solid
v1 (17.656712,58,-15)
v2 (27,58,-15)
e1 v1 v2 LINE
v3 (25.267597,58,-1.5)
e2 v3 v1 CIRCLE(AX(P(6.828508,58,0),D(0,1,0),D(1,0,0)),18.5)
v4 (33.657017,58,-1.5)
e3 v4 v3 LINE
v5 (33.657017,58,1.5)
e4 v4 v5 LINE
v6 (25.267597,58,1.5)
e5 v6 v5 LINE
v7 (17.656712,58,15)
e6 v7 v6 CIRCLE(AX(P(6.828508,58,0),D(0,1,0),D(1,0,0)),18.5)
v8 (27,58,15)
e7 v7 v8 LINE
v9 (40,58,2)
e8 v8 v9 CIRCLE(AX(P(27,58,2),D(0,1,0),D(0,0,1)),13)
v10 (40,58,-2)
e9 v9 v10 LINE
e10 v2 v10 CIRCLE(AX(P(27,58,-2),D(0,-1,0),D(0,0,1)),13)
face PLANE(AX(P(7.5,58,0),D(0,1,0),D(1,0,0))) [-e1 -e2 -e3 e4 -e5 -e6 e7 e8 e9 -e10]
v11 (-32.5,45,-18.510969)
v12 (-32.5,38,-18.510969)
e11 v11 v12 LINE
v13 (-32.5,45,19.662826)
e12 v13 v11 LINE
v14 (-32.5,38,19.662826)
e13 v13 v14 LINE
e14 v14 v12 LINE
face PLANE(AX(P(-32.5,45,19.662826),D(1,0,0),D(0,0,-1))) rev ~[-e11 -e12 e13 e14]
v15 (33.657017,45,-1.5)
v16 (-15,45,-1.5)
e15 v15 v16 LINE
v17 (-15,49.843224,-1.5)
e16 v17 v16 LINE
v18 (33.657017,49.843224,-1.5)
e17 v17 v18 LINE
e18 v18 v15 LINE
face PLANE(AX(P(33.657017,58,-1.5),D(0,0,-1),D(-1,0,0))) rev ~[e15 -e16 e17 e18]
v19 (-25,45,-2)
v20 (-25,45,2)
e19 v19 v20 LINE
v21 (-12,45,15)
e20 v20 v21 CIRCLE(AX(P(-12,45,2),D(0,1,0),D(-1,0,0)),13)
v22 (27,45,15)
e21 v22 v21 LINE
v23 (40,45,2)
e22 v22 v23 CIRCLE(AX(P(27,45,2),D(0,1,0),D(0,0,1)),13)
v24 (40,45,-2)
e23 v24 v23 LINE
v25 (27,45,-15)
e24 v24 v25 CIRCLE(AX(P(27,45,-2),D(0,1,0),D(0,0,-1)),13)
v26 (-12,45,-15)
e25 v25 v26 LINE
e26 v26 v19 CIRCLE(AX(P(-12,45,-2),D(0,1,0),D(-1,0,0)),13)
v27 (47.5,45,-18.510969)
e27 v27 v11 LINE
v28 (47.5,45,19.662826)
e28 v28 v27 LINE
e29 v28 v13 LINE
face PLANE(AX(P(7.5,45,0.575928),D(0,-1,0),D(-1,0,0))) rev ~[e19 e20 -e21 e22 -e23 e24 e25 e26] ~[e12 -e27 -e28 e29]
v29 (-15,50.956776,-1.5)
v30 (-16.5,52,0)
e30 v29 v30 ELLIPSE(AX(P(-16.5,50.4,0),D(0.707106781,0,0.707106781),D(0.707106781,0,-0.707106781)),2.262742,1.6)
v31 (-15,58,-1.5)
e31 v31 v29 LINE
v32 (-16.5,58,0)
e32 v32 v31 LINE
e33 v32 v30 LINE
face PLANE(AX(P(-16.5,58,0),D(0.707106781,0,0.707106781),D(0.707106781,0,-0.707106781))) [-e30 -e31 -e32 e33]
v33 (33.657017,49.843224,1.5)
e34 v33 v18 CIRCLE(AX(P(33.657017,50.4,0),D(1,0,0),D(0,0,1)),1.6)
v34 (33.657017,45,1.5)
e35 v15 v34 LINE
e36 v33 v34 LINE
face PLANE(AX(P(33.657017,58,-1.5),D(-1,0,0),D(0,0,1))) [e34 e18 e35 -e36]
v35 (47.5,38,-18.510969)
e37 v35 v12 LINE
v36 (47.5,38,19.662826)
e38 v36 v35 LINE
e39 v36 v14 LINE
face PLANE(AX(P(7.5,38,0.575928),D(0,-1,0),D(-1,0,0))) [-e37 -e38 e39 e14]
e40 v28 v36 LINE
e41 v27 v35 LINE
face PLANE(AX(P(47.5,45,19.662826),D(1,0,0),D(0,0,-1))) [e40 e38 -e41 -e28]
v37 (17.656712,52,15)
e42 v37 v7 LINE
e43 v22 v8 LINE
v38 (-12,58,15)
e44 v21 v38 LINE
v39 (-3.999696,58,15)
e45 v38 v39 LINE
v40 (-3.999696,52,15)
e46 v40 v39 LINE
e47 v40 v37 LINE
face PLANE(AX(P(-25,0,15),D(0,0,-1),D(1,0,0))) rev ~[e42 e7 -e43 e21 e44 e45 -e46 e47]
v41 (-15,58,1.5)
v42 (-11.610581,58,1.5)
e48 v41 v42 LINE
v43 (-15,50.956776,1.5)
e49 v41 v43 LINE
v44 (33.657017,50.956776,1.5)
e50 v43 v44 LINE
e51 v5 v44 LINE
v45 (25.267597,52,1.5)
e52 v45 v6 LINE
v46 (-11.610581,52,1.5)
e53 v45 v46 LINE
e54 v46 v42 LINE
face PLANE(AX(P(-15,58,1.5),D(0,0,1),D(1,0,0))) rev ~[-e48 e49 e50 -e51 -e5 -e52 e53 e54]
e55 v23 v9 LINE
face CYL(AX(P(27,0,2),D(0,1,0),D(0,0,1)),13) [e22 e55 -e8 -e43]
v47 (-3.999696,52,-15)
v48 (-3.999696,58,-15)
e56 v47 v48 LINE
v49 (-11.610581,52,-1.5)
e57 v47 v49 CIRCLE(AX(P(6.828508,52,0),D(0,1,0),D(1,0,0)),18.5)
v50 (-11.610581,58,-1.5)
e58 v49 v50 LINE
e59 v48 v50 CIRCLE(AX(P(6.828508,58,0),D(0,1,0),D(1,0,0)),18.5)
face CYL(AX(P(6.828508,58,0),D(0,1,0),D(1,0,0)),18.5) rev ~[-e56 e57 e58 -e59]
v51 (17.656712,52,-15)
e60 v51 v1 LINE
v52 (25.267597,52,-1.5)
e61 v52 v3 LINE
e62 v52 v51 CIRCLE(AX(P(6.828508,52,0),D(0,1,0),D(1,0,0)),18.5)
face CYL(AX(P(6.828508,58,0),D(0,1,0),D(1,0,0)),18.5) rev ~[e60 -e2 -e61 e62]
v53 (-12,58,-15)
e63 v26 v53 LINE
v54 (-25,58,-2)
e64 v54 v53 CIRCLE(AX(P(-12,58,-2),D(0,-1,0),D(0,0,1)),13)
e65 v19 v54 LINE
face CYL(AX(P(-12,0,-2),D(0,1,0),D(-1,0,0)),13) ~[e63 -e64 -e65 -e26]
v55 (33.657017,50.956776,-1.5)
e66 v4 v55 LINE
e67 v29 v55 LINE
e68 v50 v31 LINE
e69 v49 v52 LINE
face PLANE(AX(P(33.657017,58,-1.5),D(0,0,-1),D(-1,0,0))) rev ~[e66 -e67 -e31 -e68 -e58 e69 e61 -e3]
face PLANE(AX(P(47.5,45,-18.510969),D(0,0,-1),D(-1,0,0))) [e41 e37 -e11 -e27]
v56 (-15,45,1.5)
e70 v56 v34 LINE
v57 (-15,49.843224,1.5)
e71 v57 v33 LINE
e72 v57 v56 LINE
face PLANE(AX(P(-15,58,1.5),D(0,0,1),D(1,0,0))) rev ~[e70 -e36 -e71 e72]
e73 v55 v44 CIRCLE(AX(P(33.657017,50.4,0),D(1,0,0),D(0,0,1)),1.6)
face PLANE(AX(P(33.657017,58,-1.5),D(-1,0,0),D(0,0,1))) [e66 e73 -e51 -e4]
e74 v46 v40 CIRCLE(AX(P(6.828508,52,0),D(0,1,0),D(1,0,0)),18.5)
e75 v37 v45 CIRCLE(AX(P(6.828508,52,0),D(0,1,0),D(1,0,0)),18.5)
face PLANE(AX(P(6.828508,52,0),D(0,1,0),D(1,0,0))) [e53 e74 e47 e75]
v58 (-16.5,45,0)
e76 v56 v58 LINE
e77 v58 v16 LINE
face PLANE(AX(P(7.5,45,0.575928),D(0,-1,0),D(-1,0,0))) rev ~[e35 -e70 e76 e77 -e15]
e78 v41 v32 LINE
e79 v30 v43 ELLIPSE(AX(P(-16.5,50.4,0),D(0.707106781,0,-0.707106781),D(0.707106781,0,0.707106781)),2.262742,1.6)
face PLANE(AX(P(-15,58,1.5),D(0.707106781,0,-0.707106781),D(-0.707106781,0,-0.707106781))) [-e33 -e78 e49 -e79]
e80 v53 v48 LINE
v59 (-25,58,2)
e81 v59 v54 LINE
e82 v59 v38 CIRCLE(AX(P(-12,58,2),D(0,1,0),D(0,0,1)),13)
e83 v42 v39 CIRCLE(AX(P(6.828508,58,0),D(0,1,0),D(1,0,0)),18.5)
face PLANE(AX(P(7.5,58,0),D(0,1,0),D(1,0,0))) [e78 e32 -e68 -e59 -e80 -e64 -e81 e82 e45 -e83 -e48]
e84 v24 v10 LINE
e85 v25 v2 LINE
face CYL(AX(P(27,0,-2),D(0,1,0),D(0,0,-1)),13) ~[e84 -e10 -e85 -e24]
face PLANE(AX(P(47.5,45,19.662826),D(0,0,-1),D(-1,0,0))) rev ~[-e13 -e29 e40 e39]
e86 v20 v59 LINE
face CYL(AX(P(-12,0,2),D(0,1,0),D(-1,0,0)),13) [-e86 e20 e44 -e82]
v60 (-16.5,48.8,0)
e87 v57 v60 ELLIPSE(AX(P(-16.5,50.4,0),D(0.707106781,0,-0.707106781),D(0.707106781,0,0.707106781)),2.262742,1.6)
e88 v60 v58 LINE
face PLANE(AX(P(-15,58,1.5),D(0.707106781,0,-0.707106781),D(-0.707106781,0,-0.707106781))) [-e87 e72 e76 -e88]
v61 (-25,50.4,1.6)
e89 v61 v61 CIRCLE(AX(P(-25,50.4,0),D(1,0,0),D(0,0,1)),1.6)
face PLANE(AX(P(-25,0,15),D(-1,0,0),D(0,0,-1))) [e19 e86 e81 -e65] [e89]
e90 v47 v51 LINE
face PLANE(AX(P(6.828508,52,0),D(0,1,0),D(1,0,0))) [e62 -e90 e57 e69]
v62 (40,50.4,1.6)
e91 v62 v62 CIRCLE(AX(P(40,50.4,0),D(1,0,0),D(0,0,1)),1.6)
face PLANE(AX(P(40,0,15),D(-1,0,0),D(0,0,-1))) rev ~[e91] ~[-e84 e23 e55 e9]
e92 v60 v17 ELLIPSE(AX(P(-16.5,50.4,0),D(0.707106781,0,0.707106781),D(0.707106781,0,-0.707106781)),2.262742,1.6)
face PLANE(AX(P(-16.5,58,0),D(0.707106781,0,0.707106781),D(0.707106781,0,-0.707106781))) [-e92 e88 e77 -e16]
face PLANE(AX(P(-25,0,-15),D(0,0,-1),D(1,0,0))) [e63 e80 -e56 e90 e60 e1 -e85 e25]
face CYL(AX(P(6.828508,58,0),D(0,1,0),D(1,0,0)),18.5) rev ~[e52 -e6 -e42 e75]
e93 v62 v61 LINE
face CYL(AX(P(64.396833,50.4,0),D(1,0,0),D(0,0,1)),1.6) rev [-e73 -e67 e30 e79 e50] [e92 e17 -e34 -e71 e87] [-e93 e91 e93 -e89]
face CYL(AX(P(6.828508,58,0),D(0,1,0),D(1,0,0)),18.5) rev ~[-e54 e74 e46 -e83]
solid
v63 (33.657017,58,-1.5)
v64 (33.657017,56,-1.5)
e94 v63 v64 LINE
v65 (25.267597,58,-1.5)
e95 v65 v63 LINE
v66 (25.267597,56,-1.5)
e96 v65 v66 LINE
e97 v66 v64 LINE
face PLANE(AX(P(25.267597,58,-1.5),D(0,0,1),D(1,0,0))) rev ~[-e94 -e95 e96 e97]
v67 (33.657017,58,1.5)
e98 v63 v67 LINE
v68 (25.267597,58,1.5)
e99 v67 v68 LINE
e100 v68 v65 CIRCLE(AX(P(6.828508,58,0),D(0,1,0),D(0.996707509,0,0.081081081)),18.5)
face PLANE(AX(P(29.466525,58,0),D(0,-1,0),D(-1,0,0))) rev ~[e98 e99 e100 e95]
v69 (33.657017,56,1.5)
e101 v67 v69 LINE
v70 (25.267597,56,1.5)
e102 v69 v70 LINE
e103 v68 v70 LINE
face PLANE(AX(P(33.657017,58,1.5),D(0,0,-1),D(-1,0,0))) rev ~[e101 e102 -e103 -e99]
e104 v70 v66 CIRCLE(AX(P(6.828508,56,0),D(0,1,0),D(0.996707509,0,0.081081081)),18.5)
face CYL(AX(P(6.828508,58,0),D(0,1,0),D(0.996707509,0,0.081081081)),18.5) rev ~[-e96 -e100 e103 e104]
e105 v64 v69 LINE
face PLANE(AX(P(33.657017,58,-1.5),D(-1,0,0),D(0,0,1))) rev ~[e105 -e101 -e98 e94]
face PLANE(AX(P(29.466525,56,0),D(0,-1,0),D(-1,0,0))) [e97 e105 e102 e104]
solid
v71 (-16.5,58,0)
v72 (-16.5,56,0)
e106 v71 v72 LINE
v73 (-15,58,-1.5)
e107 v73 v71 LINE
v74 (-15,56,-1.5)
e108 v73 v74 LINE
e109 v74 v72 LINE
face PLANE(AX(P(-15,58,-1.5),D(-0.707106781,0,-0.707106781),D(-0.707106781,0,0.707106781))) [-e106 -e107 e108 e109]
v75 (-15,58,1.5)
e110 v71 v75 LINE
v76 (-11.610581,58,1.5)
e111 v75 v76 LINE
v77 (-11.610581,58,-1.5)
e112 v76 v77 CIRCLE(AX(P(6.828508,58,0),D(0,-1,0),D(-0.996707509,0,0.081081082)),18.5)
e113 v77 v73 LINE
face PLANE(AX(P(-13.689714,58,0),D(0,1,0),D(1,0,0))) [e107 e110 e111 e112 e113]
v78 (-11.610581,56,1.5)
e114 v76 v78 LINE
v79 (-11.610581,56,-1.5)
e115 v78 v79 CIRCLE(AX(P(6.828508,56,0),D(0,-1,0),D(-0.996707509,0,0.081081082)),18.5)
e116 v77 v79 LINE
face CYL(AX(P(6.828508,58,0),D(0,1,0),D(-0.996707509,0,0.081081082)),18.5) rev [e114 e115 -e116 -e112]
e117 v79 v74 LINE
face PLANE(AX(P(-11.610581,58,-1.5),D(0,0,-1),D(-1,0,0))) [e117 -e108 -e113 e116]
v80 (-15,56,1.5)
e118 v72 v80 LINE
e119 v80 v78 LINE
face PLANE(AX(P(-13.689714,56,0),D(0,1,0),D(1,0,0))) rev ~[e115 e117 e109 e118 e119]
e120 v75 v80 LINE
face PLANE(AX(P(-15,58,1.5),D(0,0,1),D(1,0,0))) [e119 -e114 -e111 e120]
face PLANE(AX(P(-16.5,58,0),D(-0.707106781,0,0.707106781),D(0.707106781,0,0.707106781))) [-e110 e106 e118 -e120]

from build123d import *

# Parameters (mm, degrees)
SKETCH1_W                = 65
SKETCH1_H                = 30
BOSS_EXTRUDE1_DEPTH      = 58
CUT_EXTRUDE1_DEPTH       = 70
CUT_EXTRUDE2_DEPTH       = 89.396832522
CUT_EXTRUDE2_DEPTH_BACK  = 89.396832522
SKETCH3_R                = 1.6
FILLET1_R                = 13
SKETCH15_W               = 83.696095513
SKETCH15_H               = 31.69844841
CUT_EXTRUDE7_DEPTH       = 50
BOSS_EXTRUDE4_DEPTH      = 2
BOSS_EXTRUDE4_DEPTH_BACK = 5
SKETCH16_W               = 80
SKETCH16_H               = 38.173794917
SKETCH18_R               = 18.5
CUT_EXTRUDE8_DEPTH       = 6
BOSS_EXTRUDE5_DEPTH      = 2
BOSS_EXTRUDE5_2_DEPTH    = 2


with BuildPart() as part:
    # Sketch1 → Boss-Extrude1 (new body)
    with BuildSketch(Plane(origin=(0, 0, 0), x_dir=(1, 0, 0), z_dir=(0, 1, 0))):
        with Locations((7.5, 0)):
            Rectangle(SKETCH1_W, SKETCH1_H)
    extrude(amount=BOSS_EXTRUDE1_DEPTH)

    # Sketch2 → Cut-Extrude1 (cut)
    with BuildSketch(Plane(origin=(0, 58, 0), x_dir=(1, 0, 0), z_dir=(0, 1, 0))):
        Polygon((-15, 1.5), (15, 1.5), (33.657016573, 1.5), (33.657016573, -1.5), (15, -1.5), (-15, -1.5), (-16.5, 0), align=None)
    extrude(amount=-CUT_EXTRUDE1_DEPTH, mode=Mode.SUBTRACT)

    # Sketch3 → Cut-Extrude2 (cut, two sides: drawn at the far end of the back side and taken through both)
    with BuildSketch(Plane.ZY.offset(25).offset(-CUT_EXTRUDE2_DEPTH_BACK)):
        with Locations((0, 50.4)):
            Circle(SKETCH3_R)
    extrude(amount=CUT_EXTRUDE2_DEPTH + CUT_EXTRUDE2_DEPTH_BACK, mode=Mode.SUBTRACT)

    # Fillet1
    fillet1_edges = [part.edges().sort_by_distance(p)[0] for p in [
        (40, 29, 15),
        (-25, 29, 15),
        (-25, 29, -15),
        (40, 29, -15),
    ]]
    fillet(fillet1_edges, radius=FILLET1_R)

    # Sketch15 → Cut-Extrude7 (cut)
    with BuildSketch(Plane(origin=(0, -10, 0), x_dir=(-1, 0, 0), z_dir=(0, -1, 0))):
        with Locations((-0.057440767, 0.030479277)):
            Rectangle(SKETCH15_W, SKETCH15_H)
    extrude(amount=-CUT_EXTRUDE7_DEPTH, mode=Mode.SUBTRACT)

    # Sketch16 → Boss-Extrude4 (add, two sides: drawn at the far end of the back side and taken through both)
    with BuildSketch(Plane(origin=(0, 40, 0), x_dir=(-1, 0, 0), z_dir=(0, -1, 0)).offset(-BOSS_EXTRUDE4_DEPTH_BACK)):
        with Locations((-7.5, -0.575928298)):
            Rectangle(SKETCH16_W, SKETCH16_H)
    extrude(amount=BOSS_EXTRUDE4_DEPTH + BOSS_EXTRUDE4_DEPTH_BACK)

    # Sketch18 → Cut-Extrude8 (cut)
    with BuildSketch(Plane(origin=(0, 58, 0), x_dir=(1, 0, 0), z_dir=(0, 1, 0))):
        with Locations((6.828508286, 0)):
            Circle(SKETCH18_R)
    extrude(amount=-CUT_EXTRUDE8_DEPTH, mode=Mode.SUBTRACT)


with BuildPart() as body_2:
    # Sketch19 → Boss-Extrude5 (new body)
    with BuildSketch(Plane(origin=(0, 58, 0), x_dir=(1, 0, 0), z_dir=(0, 1, 0))):
        with BuildLine():
            Line((-11.610580628, 1.5), (-15, 1.5))
            Line((-15, 1.5), (-16.5, 0))
            Line((-16.5, 0), (-15, -1.5))
            Line((-15, -1.5), (-11.610580628, -1.5))
            ThreePointArc((-11.610580628, -1.5), (-11.671491714, 0), (-11.610580628, 1.5))
        make_face()
    extrude(amount=-BOSS_EXTRUDE5_DEPTH)


with BuildPart() as body_3:
    # Sketch19 → Boss-Extrude5 2 (new body)
    with BuildSketch(Plane(origin=(0, 58, 0), x_dir=(1, 0, 0), z_dir=(0, 1, 0))):
        with BuildLine():
            Line((25.267597201, 1.5), (33.657016573, 1.5))
            Line((33.657016573, 1.5), (33.657016573, -1.5))
            Line((33.657016573, -1.5), (25.267597201, -1.5))
            ThreePointArc((25.267597201, -1.5), (25.328508286, 0), (25.267597201, 1.5))
        make_face()
    extrude(amount=-BOSS_EXTRUDE5_2_DEPTH)


solid = Compound([part.part, body_2.part, body_3.part])
